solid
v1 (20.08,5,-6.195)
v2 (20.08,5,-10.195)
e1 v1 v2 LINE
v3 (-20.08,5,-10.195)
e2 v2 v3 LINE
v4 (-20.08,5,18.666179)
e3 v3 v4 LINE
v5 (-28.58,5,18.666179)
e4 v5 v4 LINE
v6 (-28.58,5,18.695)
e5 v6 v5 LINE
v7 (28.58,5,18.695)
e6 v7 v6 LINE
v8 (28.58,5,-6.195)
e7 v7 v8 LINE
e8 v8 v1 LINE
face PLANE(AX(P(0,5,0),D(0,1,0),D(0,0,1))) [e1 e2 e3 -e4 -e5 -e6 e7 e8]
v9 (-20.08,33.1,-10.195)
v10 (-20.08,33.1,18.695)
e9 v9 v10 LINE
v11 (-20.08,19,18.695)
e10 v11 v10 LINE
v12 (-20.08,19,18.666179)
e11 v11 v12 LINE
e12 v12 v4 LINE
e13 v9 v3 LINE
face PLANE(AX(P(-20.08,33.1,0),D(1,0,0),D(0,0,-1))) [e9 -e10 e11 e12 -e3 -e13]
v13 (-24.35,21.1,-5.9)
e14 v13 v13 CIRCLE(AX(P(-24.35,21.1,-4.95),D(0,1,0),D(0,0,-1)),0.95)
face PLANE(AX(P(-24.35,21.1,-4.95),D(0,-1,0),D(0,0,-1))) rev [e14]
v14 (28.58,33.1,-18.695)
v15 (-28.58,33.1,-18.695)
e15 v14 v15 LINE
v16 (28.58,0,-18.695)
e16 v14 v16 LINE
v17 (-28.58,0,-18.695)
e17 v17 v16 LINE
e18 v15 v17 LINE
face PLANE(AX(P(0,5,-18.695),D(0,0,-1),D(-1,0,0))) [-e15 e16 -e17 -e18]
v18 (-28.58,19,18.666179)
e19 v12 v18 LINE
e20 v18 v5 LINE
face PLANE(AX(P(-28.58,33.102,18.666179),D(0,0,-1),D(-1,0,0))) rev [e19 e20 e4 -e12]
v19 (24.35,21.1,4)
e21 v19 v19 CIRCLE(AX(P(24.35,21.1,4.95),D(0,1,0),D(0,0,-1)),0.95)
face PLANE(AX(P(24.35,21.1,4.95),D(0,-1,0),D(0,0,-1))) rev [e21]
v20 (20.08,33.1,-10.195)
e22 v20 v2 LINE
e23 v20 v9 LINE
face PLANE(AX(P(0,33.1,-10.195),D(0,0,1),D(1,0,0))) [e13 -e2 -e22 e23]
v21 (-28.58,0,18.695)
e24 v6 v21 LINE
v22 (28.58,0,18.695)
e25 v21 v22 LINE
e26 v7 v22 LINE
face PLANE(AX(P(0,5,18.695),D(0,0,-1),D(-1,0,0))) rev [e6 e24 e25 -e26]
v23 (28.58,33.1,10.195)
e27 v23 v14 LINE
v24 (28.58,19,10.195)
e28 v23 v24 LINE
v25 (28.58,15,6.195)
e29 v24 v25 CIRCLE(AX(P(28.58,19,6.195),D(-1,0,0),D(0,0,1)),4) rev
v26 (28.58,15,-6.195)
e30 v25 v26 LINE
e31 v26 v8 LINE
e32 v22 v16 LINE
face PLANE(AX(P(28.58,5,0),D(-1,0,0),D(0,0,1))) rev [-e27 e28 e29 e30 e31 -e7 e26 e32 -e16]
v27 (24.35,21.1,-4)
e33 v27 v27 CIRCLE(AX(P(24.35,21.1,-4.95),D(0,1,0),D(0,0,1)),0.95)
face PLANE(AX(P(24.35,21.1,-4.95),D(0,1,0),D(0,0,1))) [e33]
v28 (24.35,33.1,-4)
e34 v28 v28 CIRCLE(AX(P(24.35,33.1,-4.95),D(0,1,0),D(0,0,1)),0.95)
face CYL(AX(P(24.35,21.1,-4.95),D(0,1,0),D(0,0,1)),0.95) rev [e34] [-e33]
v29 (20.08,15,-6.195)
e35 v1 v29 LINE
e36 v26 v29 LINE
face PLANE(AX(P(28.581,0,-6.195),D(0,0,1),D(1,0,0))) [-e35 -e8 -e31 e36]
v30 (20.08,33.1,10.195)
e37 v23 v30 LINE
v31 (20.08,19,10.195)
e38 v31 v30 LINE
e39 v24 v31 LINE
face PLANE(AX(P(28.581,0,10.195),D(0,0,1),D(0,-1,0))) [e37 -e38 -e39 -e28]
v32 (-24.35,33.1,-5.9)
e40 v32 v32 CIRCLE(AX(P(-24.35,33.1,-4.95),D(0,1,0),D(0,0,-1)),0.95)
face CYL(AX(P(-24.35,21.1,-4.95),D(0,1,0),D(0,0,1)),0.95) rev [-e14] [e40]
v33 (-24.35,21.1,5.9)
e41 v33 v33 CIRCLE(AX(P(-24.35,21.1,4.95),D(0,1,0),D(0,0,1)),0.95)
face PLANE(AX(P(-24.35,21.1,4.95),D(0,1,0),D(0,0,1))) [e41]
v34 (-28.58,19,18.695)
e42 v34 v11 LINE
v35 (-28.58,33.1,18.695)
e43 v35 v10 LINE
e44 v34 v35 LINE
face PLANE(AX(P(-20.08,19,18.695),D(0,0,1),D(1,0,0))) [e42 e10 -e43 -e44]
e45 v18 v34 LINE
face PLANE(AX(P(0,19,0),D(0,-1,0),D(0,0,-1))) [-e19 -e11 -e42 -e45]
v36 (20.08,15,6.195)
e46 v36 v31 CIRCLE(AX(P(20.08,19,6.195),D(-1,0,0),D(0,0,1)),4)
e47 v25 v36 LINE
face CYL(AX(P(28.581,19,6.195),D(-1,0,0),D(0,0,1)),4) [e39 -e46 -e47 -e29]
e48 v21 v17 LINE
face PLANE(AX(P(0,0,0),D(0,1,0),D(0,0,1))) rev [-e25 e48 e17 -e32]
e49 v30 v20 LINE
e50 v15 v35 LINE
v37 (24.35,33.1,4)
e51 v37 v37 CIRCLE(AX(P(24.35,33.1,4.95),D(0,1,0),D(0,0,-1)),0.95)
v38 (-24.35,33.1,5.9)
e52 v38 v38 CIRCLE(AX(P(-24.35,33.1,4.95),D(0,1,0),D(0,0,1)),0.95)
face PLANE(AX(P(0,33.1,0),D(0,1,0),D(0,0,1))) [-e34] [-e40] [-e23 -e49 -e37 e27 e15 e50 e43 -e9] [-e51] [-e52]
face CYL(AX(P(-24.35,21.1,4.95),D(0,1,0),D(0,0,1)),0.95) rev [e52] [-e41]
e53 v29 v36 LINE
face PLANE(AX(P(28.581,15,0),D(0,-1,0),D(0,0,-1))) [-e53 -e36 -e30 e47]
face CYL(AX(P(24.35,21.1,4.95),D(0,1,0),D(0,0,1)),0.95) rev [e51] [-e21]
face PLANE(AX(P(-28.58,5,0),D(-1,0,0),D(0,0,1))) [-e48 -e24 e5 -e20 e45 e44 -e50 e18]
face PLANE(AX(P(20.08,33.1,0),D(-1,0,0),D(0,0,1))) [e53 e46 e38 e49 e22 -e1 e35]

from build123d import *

# Parameters (mm, degrees)
SKETCH1_W           = 57.16
SKETCH1_H           = 37.39
SKETCH1_W_2         = 40.16
SKETCH1_H_2         = 20.39
BOSS_EXTRUDE1_DEPTH = 5
SKETCH2_W           = 57.16
SKETCH2_H           = 37.39
SKETCH2_W_2         = 40.16
SKETCH2_H_2         = 20.39
BOSS_EXTRUDE2_DEPTH = 28.1
SKETCH3_W           = 48.66
SKETCH3_H           = 8.5
CUT_EXTRUDE1_DEPTH  = 28.1
CUT_EXTRUDE2_REACH  = 63.749
SKETCH5_W           = 16.39
SKETCH5_H           = 10
FILLET1_R           = 4
SKETCH6_R           = 0.95
CUT_EXTRUDE3_DEPTH  = 12
CUT_EXTRUDE4_REACH  = 63.749
SKETCH8_W           = 8.5
SKETCH8_H           = 8.5
BOSS_EXTRUDE3_DEPTH = 14.1
BOSS_EXTRUDE4_REACH = 46.226
SKETCH9_W           = 8.5
SKETCH9_H           = 24.86117923


with BuildPart() as part:
    # Sketch1 → Boss-Extrude1 (new body)
    # profile 1 of 2: a face of its own
    with BuildSketch(Plane(origin=(0, 0, 0), x_dir=(1, 0, 0), z_dir=(0, 1, 0))):
        Rectangle(SKETCH1_W, SKETCH1_H)
        Rectangle(SKETCH1_W_2, SKETCH1_H_2, mode=Mode.SUBTRACT)
    # profile 2 of 2: a face of its own
    with BuildSketch(Plane(origin=(0, 0, 0), x_dir=(1, 0, 0), z_dir=(0, 1, 0))):
        Rectangle(SKETCH1_W_2, SKETCH1_H_2)
    extrude(amount=BOSS_EXTRUDE1_DEPTH)

    # Sketch2 → Boss-Extrude2 (add)
    with BuildSketch(Plane(origin=(0, 5, 0), x_dir=(1, 0, 0), z_dir=(0, 1, 0))):
        Rectangle(SKETCH2_W, SKETCH2_H)
        Rectangle(SKETCH2_W_2, SKETCH2_H_2, mode=Mode.SUBTRACT)
    extrude(amount=BOSS_EXTRUDE2_DEPTH)

    # Sketch3 → Cut-Extrude1 (cut)
    with BuildSketch(Plane(origin=(0, 33.1, 0), x_dir=(1, 0, 0), z_dir=(0, 1, 0))):
        with Locations((-4.25, -14.445)):
            Rectangle(SKETCH3_W, SKETCH3_H)
    extrude(amount=-CUT_EXTRUDE1_DEPTH, mode=Mode.SUBTRACT)

    # Sketch5 → Cut-Extrude2 (cut, up to next)
    with BuildSketch(Plane(origin=(-20.08, 0, 0), x_dir=(0, 0, -1), z_dir=(1, 0, 0)), mode=Mode.PRIVATE) as cut_extrude2_sk1:
        with Locations((-2, 10)):
            Rectangle(SKETCH5_W, SKETCH5_H)
    cut_extrude2_tool1 = extrude(cut_extrude2_sk1.sketch, amount=-CUT_EXTRUDE2_REACH, mode=Mode.PRIVATE) & part.part
    add(cut_extrude2_tool1.solids().sort_by_distance((-20.08, 10, 2))[0], mode=Mode.SUBTRACT)

    # Fillet1
    fillet1_edges = [part.edges().sort_by_distance(p)[0] for p in [
        (-24.33, 15, 10.195),
    ]]
    fillet(fillet1_edges, radius=FILLET1_R)

    # Sketch6 → Cut-Extrude3 (cut)
    with BuildSketch(Plane(origin=(0, 33.1, 0), x_dir=(1, 0, 0), z_dir=(0, 1, 0))):
        with Locations(Location((-24.35, -4.95, 0), (0, 0, 270))):
            Circle(SKETCH6_R)
        with Locations(Location((-24.35, 4.95, 0), (0, 0, 90))):
            Circle(SKETCH6_R)
        with Locations(Location((24.35, 4.95, 0), (0, 0, 270))):
            Circle(SKETCH6_R)
        with Locations(Location((24.35, -4.95, 0), (0, 0, 90))):
            Circle(SKETCH6_R)
    extrude(amount=-CUT_EXTRUDE3_DEPTH, mode=Mode.SUBTRACT)

    # Sketch7 → Cut-Extrude4 (cut, up to next)
    with BuildSketch(Plane.ZY.offset(-20.08), mode=Mode.PRIVATE) as cut_extrude4_sk1:
        with BuildLine():
            Line((10.195, 33.1), (10.195, 19))
            ThreePointArc((10.195, 19), (9.023427125, 16.171572875), (6.195, 15))
            Line((6.195, 15), (-6.195, 15))
            Line((-6.195, 15), (-6.195, 5))
            Line((-6.195, 5), (18.695, 5))
            Line((18.695, 5), (18.695, 33.1))
            Line((18.695, 33.1), (10.195, 33.1))
        make_face()
    cut_extrude4_tool1 = extrude(cut_extrude4_sk1.sketch, amount=-CUT_EXTRUDE4_REACH, mode=Mode.PRIVATE) & part.part
    add(cut_extrude4_tool1.solids().sort_by_distance((20.08, 15.371532, 9.379812))[0], mode=Mode.SUBTRACT)

    # Sketch8 → Boss-Extrude3 (add)
    with BuildSketch(Plane(origin=(0, 33.1, 0), x_dir=(1, 0, 0), z_dir=(0, 1, 0))):
        with Locations((-24.33, -14.445)):
            Rectangle(SKETCH8_W, SKETCH8_H)
    extrude(amount=-BOSS_EXTRUDE3_DEPTH)

    # Sketch9 → Boss-Extrude4 (add, up to next)
    with BuildSketch(Plane(origin=(0, 5, 0), x_dir=(1, 0, 0), z_dir=(0, 1, 0)), mode=Mode.PRIVATE) as boss_extrude4_sk1:
        with Locations((-24.33, -6.235589615)):
            Rectangle(SKETCH9_W, SKETCH9_H)
    boss_extrude4_tool1 = extrude(boss_extrude4_sk1.sketch, amount=BOSS_EXTRUDE4_REACH, mode=Mode.PRIVATE) - part.part
    add(boss_extrude4_tool1.solids().sort_by_distance((-24.33, 5, 6.23559))[0])


solid = part.part
